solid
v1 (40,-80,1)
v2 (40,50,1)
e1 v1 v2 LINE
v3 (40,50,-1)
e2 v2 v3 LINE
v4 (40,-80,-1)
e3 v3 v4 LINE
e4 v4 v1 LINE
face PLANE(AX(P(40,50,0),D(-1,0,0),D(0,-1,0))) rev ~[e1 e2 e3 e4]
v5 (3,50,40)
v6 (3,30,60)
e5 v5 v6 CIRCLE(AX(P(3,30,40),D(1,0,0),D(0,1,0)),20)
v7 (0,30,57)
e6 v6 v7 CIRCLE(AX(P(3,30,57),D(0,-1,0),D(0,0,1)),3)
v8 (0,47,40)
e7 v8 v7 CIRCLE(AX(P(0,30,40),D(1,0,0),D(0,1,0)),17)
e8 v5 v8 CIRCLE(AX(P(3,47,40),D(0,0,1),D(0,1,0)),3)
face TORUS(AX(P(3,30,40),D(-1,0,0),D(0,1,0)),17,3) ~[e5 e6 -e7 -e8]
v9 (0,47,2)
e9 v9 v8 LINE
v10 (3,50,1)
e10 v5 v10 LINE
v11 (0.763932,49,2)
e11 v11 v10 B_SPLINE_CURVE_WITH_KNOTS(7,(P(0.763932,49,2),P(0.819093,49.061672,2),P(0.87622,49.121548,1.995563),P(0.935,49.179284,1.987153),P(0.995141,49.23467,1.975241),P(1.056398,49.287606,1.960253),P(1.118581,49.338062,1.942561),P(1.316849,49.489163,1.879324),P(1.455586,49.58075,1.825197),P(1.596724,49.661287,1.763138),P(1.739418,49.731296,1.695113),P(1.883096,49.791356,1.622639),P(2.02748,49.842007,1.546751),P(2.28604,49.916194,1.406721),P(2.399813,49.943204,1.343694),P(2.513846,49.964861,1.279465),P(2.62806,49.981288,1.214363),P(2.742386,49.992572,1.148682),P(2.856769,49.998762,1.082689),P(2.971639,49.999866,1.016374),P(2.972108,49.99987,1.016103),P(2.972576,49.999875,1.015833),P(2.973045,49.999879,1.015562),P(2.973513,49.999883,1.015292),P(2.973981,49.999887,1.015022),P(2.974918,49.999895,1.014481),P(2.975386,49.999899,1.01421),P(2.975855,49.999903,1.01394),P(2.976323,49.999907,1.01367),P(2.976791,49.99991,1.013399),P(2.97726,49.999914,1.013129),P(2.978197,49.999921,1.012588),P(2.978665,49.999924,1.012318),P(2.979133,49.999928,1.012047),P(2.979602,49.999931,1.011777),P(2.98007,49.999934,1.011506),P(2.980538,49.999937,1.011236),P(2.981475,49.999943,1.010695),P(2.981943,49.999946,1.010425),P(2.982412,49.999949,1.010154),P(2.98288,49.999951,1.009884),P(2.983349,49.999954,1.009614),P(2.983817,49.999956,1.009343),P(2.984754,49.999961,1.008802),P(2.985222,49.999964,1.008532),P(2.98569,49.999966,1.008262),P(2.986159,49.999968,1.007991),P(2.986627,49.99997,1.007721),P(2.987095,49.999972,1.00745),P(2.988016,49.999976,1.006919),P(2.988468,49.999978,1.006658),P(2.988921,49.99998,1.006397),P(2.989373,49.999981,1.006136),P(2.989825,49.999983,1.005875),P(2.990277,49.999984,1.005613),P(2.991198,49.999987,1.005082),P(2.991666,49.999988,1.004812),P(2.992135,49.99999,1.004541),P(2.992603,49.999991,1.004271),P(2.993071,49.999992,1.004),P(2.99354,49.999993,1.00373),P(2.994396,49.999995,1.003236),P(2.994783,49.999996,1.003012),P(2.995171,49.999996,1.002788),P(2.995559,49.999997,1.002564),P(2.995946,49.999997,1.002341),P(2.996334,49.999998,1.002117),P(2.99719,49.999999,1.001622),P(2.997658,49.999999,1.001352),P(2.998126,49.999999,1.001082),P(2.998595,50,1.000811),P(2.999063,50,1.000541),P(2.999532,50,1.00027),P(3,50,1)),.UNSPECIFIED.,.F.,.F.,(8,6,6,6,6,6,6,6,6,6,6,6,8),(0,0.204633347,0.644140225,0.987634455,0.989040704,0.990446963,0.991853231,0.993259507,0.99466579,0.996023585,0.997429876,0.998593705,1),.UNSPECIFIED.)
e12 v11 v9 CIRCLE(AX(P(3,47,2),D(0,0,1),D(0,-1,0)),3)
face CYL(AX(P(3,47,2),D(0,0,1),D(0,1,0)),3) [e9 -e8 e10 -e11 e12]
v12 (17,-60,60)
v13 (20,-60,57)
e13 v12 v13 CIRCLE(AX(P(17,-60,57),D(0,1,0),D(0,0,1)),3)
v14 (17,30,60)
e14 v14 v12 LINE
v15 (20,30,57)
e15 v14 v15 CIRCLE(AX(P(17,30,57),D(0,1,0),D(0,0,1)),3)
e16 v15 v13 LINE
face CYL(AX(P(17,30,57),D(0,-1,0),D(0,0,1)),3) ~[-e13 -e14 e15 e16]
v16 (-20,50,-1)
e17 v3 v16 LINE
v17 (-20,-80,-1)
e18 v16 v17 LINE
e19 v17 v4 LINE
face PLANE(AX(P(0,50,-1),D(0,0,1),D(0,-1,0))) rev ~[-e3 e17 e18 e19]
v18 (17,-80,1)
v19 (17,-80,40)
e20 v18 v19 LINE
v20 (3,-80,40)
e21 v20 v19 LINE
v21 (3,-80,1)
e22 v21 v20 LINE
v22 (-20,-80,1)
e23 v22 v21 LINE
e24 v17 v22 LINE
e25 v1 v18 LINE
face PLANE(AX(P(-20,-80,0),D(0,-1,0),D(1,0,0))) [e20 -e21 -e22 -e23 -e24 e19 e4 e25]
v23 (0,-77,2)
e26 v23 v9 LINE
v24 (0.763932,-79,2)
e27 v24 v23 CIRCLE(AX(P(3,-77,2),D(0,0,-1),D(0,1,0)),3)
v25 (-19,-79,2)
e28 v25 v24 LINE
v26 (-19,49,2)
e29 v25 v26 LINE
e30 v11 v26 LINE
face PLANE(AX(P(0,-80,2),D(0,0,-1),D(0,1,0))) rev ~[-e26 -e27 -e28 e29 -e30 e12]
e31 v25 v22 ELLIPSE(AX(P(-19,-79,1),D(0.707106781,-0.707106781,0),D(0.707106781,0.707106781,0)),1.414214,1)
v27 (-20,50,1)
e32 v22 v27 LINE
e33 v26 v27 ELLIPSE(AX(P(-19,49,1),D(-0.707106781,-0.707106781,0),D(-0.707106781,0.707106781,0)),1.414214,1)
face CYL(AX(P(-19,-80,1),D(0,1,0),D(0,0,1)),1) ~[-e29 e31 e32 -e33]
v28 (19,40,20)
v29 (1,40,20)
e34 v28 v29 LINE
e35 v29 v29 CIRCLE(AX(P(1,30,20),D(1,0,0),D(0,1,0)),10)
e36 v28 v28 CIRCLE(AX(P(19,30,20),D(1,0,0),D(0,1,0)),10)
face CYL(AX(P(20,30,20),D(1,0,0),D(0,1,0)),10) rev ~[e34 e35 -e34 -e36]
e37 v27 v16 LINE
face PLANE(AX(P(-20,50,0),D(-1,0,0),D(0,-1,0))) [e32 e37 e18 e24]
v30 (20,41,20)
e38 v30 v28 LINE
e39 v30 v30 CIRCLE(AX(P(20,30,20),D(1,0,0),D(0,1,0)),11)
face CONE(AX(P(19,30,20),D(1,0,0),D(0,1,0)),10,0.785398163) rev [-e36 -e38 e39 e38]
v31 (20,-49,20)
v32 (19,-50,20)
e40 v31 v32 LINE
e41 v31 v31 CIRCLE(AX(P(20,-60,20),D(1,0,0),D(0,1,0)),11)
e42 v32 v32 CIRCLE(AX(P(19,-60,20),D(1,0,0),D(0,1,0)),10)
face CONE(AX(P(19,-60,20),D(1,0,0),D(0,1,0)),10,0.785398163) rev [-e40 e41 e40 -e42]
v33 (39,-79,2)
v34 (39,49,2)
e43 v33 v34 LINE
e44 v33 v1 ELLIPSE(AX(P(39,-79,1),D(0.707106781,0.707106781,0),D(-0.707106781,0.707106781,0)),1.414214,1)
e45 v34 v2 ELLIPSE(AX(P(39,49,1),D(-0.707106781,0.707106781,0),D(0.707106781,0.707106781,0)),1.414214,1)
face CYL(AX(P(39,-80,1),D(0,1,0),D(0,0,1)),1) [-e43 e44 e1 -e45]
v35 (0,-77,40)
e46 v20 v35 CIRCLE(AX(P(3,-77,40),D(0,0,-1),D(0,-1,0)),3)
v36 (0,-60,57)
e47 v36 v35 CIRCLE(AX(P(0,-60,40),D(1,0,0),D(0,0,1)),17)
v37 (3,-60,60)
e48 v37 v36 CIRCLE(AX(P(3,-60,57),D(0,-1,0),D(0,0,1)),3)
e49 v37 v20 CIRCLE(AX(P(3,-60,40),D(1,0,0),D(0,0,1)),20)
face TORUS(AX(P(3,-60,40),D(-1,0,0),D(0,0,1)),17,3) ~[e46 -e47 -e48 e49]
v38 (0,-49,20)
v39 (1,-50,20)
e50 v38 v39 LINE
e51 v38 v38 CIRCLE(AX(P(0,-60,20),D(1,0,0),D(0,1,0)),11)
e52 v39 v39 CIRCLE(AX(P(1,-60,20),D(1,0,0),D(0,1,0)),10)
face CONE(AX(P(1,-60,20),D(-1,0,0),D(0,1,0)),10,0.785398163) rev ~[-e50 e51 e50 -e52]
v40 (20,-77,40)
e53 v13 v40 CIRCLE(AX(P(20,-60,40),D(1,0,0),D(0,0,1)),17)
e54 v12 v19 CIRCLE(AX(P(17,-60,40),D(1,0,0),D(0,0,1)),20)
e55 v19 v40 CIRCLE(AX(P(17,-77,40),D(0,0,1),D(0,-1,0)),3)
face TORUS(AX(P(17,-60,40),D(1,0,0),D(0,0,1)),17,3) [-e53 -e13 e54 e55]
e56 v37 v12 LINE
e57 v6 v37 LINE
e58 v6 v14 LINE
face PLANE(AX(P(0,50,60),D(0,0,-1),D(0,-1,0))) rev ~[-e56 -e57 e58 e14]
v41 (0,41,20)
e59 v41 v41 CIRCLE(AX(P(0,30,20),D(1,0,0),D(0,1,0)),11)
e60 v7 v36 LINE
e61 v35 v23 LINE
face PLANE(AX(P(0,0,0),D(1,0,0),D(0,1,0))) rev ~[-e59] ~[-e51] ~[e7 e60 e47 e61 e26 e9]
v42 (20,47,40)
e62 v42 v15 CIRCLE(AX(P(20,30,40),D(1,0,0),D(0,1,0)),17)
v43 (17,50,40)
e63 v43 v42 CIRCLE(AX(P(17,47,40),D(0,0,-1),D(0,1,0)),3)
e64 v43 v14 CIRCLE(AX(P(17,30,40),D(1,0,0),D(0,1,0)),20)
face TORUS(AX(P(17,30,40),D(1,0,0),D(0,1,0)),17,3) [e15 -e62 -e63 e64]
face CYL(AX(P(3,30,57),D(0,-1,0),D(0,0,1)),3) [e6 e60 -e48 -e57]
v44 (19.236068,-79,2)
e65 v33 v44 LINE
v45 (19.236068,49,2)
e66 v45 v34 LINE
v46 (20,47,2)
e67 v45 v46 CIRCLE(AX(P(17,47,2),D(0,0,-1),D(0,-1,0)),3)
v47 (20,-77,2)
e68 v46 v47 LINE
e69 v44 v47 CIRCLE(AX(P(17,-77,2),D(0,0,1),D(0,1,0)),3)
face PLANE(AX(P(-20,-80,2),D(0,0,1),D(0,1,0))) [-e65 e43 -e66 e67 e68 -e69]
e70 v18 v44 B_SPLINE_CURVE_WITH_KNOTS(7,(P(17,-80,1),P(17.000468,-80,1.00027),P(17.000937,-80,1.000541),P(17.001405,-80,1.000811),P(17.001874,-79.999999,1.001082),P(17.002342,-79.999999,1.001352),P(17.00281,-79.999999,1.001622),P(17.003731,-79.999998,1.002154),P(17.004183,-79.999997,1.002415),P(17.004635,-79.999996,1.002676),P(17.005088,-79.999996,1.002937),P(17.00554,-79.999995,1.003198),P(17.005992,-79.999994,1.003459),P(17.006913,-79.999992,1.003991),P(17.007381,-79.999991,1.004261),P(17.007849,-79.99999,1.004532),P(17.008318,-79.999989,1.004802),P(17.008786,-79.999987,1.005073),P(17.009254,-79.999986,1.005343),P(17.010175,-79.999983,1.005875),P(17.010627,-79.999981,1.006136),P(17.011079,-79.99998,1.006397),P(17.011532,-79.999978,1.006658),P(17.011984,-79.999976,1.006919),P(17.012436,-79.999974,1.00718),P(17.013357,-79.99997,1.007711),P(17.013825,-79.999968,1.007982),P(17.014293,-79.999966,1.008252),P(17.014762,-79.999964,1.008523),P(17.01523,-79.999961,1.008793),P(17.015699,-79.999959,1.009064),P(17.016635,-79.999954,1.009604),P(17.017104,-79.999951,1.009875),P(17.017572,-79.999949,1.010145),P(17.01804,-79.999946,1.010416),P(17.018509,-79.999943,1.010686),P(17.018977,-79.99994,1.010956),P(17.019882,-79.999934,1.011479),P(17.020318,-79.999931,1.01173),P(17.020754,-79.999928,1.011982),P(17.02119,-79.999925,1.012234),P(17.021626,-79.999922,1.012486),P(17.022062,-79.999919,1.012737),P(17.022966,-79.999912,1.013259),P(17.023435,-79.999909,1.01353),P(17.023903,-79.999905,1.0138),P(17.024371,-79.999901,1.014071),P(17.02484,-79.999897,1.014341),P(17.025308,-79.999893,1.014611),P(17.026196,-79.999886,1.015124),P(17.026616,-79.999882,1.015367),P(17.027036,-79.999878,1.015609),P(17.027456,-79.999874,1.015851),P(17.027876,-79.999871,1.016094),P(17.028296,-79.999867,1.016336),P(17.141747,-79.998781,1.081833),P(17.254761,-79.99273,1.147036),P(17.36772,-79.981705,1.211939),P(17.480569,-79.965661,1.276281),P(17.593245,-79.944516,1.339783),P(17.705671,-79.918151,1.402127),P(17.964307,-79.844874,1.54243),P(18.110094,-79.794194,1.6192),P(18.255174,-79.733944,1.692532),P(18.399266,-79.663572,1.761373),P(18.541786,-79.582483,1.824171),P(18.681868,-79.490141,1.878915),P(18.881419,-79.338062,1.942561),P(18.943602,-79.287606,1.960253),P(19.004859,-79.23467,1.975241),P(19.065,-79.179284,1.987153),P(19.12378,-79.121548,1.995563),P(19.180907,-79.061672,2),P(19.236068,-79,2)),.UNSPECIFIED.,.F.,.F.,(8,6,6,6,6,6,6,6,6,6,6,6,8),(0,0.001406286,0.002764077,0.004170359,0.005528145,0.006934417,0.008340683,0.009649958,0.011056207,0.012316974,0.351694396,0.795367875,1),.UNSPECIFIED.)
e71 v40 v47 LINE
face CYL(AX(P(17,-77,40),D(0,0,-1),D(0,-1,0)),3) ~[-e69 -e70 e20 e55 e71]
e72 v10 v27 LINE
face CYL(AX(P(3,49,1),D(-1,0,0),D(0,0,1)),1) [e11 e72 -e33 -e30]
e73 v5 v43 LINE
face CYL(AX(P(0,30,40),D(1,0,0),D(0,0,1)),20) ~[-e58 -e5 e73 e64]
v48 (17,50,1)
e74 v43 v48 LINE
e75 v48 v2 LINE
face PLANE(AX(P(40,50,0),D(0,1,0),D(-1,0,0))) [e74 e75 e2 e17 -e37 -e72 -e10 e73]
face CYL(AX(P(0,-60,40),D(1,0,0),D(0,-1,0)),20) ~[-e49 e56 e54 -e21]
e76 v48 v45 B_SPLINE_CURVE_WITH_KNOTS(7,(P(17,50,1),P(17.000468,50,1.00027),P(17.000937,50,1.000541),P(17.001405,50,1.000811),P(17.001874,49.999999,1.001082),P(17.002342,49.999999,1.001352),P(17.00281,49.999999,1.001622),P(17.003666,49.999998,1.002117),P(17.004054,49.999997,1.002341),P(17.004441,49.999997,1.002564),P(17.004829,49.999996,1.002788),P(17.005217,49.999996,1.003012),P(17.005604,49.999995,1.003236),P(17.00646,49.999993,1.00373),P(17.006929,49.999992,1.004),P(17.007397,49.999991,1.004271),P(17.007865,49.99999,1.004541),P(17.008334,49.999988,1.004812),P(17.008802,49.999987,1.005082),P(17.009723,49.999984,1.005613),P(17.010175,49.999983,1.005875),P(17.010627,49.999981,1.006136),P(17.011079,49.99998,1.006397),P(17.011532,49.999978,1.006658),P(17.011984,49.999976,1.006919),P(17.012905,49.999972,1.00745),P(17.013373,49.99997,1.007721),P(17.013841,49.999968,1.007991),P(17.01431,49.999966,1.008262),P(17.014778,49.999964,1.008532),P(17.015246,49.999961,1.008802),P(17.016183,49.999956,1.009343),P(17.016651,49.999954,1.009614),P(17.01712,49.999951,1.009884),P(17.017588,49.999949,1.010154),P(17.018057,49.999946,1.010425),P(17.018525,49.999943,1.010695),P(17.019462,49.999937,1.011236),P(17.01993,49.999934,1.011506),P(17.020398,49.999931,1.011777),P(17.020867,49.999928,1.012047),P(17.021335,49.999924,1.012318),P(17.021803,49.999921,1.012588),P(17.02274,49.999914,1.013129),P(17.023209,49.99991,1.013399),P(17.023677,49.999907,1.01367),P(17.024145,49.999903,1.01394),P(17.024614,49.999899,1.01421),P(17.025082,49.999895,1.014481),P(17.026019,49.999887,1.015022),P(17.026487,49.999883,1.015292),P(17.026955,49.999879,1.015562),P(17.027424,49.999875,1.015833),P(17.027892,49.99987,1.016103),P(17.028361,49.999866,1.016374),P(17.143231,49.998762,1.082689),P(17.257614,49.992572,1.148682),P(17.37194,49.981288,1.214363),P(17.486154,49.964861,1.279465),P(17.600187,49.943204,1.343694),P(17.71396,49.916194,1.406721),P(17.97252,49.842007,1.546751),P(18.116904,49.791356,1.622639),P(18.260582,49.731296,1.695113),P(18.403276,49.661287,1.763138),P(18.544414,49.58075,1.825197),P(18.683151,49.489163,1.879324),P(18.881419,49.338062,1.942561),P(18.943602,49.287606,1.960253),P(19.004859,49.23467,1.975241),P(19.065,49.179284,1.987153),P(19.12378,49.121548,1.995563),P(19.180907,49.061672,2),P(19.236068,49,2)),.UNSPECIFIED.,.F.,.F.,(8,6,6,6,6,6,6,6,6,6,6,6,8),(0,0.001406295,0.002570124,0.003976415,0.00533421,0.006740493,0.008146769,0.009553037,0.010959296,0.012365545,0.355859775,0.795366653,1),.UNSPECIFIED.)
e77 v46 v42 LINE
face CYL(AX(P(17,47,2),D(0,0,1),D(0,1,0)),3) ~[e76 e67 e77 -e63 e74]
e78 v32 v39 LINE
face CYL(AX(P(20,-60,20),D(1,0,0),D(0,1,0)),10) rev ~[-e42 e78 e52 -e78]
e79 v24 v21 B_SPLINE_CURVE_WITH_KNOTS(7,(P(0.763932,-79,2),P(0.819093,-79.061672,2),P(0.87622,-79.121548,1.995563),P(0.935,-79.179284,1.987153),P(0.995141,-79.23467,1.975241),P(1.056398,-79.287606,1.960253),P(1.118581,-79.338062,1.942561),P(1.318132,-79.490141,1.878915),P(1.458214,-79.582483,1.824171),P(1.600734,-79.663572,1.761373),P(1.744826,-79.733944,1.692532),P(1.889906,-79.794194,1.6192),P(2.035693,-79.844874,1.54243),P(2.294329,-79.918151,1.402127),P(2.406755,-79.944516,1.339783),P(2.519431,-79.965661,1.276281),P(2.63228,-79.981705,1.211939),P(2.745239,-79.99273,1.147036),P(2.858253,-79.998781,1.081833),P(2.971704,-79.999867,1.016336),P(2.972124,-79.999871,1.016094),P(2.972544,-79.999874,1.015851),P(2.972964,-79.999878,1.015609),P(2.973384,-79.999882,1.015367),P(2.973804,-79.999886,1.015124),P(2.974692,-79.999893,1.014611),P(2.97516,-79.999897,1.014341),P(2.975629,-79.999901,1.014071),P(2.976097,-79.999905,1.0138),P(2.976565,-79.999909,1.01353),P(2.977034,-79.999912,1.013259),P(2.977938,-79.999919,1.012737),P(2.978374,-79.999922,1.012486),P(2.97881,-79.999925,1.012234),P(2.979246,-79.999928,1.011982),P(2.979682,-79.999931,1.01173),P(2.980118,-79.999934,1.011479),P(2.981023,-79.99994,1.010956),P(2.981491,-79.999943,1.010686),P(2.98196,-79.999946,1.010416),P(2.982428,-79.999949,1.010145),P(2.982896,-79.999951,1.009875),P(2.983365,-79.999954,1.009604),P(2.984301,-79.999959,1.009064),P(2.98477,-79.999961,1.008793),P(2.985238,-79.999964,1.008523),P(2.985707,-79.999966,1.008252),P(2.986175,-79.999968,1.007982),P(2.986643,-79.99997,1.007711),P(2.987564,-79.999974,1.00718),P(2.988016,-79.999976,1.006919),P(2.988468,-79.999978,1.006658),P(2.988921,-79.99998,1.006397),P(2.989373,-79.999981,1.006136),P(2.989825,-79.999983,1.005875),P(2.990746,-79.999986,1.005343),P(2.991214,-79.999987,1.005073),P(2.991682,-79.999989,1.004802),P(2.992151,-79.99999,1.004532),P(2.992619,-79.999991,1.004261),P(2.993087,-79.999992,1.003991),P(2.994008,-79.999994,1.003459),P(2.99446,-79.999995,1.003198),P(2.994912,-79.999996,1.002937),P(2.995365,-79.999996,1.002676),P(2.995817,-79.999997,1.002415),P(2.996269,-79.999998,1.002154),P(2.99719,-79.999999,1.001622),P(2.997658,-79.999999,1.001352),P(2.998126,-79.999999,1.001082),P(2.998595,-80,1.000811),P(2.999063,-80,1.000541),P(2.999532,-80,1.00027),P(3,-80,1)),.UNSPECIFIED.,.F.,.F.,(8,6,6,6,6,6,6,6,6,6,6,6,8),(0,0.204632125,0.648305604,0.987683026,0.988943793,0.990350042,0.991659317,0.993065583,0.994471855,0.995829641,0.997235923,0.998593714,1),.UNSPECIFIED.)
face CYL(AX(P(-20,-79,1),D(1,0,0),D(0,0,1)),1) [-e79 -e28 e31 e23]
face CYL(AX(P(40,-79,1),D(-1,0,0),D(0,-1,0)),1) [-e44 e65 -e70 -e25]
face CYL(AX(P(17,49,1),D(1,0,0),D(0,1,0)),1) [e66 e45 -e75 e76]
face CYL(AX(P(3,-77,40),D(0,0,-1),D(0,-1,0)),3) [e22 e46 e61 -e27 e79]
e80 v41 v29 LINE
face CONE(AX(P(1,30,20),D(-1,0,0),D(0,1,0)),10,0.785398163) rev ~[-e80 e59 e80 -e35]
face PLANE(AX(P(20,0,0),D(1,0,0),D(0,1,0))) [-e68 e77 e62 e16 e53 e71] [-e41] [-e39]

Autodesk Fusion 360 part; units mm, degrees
sketch "Sketch1" plane through (0, 0, 0) normal (1, 0, 0) x (0, 1, 0)
  line L0 (-80, 0) -> (50, 0)
  line L1 (50, 0) -> (50, 60)
  line L2 (50, 60) -> (-80, 60)
  line L3 (-80, 60) -> (-80, 0)
  dimension "d1" = 130
  dimension "d2" = 60
extrude "Extrude1" add sketch "Sketch1" along normal blind 20
fillet "Fillet1" radius 20 2 edges at (10, -80, 60) (10, 50, 60)
sketch "Sketch2" plane through (20, 0, 0) normal (1, 0, 0) x (0, 1, 0)
  circle A0 centre (-60, 20) radius 10
  circle A1 centre (30, 20) radius 10
  arc A2 (50, 40) -> (30, 60) centre (30, 40) ccw
  line L0 (30, 60) -> (-60, 60)
  arc A3 (-60, 60) -> (-80, 40) centre (-60, 40) ccw
  line L1 (-80, 40) -> (-80, 0)
  line L2 (-80, 0) -> (50, 0)
  line L3 (50, 0) -> (50, 40)
  dimension "d11" = 20
  dimension "d14" = 90
  dimension "d15" = 0
extrude "Extrude2" cut sketch "Sketch2" against normal blind 20 contours A0 | A1
chamfer "Chamfer1" distance 1 angle 45 4 edges at (20, -69.3233, 23.6162) (20, 20.6767, 23.6162) (0, 20.6767, 16.3838) (0, -69.3233, 16.3838)
sketch "Sketch3" plane through (0, 0, 0) normal (-1, 0, 0) x (0, -1, 0)
  circle A0 centre (-30, 20) radius 11
  arc A1 (-30, 60) -> (-50, 40) centre (-30, 40) ccw
  line L0 (-50, 40) -> (-50, 0)
  line L1 (-50, 0) -> (80, 0)
  line L2 (80, 0) -> (80, 40)
  arc A2 (80, 40) -> (60, 60) centre (60, 40) ccw
  line L3 (60, 60) -> (-30, 60)
  circle A3 centre (60, 20) radius 11
  line L4 (-50, 0) -> (80, 0)
  line L5 (80, 0) -> (80, 2)
  line L6 (80, 2) -> (-50, 2)
  line L7 (-50, 2) -> (-50, 0)
  dimension "d19" = 2
extrude "Extrude3" add sketch "Sketch3" along normal blind 20 contours L0 L1 L2 L4 L5 L6 L7
extrude "Extrude4" add 1 faces at (-20, 6.6667, 0.6667) along direction (1, 0, 0) blind 60
fillet "Fillet4" radius 3 10 edges at (20, 50, 21) (20, 44.1421, 54.1421) (20, -15, 60) (20, -74.1421, 54.1421) (20, -80, 21) (0, 50, 21) (0, 44.1421, 54.1421) (0, -15, 60) (0, -74.1421, 54.1421) (0, -80, 21)
fillet "Fillet5" radius 1 6 edges at (40, -15, 2) (28.5, 50, 2) (28.5, -80, 2) (-8.5, 50, 2) (-20, -15, 2) (-8.5, -80, 2)
extrude "Extrude5" add 1 faces at (0, 6.6667, 0) along direction (0, 0, -1) blind 1
